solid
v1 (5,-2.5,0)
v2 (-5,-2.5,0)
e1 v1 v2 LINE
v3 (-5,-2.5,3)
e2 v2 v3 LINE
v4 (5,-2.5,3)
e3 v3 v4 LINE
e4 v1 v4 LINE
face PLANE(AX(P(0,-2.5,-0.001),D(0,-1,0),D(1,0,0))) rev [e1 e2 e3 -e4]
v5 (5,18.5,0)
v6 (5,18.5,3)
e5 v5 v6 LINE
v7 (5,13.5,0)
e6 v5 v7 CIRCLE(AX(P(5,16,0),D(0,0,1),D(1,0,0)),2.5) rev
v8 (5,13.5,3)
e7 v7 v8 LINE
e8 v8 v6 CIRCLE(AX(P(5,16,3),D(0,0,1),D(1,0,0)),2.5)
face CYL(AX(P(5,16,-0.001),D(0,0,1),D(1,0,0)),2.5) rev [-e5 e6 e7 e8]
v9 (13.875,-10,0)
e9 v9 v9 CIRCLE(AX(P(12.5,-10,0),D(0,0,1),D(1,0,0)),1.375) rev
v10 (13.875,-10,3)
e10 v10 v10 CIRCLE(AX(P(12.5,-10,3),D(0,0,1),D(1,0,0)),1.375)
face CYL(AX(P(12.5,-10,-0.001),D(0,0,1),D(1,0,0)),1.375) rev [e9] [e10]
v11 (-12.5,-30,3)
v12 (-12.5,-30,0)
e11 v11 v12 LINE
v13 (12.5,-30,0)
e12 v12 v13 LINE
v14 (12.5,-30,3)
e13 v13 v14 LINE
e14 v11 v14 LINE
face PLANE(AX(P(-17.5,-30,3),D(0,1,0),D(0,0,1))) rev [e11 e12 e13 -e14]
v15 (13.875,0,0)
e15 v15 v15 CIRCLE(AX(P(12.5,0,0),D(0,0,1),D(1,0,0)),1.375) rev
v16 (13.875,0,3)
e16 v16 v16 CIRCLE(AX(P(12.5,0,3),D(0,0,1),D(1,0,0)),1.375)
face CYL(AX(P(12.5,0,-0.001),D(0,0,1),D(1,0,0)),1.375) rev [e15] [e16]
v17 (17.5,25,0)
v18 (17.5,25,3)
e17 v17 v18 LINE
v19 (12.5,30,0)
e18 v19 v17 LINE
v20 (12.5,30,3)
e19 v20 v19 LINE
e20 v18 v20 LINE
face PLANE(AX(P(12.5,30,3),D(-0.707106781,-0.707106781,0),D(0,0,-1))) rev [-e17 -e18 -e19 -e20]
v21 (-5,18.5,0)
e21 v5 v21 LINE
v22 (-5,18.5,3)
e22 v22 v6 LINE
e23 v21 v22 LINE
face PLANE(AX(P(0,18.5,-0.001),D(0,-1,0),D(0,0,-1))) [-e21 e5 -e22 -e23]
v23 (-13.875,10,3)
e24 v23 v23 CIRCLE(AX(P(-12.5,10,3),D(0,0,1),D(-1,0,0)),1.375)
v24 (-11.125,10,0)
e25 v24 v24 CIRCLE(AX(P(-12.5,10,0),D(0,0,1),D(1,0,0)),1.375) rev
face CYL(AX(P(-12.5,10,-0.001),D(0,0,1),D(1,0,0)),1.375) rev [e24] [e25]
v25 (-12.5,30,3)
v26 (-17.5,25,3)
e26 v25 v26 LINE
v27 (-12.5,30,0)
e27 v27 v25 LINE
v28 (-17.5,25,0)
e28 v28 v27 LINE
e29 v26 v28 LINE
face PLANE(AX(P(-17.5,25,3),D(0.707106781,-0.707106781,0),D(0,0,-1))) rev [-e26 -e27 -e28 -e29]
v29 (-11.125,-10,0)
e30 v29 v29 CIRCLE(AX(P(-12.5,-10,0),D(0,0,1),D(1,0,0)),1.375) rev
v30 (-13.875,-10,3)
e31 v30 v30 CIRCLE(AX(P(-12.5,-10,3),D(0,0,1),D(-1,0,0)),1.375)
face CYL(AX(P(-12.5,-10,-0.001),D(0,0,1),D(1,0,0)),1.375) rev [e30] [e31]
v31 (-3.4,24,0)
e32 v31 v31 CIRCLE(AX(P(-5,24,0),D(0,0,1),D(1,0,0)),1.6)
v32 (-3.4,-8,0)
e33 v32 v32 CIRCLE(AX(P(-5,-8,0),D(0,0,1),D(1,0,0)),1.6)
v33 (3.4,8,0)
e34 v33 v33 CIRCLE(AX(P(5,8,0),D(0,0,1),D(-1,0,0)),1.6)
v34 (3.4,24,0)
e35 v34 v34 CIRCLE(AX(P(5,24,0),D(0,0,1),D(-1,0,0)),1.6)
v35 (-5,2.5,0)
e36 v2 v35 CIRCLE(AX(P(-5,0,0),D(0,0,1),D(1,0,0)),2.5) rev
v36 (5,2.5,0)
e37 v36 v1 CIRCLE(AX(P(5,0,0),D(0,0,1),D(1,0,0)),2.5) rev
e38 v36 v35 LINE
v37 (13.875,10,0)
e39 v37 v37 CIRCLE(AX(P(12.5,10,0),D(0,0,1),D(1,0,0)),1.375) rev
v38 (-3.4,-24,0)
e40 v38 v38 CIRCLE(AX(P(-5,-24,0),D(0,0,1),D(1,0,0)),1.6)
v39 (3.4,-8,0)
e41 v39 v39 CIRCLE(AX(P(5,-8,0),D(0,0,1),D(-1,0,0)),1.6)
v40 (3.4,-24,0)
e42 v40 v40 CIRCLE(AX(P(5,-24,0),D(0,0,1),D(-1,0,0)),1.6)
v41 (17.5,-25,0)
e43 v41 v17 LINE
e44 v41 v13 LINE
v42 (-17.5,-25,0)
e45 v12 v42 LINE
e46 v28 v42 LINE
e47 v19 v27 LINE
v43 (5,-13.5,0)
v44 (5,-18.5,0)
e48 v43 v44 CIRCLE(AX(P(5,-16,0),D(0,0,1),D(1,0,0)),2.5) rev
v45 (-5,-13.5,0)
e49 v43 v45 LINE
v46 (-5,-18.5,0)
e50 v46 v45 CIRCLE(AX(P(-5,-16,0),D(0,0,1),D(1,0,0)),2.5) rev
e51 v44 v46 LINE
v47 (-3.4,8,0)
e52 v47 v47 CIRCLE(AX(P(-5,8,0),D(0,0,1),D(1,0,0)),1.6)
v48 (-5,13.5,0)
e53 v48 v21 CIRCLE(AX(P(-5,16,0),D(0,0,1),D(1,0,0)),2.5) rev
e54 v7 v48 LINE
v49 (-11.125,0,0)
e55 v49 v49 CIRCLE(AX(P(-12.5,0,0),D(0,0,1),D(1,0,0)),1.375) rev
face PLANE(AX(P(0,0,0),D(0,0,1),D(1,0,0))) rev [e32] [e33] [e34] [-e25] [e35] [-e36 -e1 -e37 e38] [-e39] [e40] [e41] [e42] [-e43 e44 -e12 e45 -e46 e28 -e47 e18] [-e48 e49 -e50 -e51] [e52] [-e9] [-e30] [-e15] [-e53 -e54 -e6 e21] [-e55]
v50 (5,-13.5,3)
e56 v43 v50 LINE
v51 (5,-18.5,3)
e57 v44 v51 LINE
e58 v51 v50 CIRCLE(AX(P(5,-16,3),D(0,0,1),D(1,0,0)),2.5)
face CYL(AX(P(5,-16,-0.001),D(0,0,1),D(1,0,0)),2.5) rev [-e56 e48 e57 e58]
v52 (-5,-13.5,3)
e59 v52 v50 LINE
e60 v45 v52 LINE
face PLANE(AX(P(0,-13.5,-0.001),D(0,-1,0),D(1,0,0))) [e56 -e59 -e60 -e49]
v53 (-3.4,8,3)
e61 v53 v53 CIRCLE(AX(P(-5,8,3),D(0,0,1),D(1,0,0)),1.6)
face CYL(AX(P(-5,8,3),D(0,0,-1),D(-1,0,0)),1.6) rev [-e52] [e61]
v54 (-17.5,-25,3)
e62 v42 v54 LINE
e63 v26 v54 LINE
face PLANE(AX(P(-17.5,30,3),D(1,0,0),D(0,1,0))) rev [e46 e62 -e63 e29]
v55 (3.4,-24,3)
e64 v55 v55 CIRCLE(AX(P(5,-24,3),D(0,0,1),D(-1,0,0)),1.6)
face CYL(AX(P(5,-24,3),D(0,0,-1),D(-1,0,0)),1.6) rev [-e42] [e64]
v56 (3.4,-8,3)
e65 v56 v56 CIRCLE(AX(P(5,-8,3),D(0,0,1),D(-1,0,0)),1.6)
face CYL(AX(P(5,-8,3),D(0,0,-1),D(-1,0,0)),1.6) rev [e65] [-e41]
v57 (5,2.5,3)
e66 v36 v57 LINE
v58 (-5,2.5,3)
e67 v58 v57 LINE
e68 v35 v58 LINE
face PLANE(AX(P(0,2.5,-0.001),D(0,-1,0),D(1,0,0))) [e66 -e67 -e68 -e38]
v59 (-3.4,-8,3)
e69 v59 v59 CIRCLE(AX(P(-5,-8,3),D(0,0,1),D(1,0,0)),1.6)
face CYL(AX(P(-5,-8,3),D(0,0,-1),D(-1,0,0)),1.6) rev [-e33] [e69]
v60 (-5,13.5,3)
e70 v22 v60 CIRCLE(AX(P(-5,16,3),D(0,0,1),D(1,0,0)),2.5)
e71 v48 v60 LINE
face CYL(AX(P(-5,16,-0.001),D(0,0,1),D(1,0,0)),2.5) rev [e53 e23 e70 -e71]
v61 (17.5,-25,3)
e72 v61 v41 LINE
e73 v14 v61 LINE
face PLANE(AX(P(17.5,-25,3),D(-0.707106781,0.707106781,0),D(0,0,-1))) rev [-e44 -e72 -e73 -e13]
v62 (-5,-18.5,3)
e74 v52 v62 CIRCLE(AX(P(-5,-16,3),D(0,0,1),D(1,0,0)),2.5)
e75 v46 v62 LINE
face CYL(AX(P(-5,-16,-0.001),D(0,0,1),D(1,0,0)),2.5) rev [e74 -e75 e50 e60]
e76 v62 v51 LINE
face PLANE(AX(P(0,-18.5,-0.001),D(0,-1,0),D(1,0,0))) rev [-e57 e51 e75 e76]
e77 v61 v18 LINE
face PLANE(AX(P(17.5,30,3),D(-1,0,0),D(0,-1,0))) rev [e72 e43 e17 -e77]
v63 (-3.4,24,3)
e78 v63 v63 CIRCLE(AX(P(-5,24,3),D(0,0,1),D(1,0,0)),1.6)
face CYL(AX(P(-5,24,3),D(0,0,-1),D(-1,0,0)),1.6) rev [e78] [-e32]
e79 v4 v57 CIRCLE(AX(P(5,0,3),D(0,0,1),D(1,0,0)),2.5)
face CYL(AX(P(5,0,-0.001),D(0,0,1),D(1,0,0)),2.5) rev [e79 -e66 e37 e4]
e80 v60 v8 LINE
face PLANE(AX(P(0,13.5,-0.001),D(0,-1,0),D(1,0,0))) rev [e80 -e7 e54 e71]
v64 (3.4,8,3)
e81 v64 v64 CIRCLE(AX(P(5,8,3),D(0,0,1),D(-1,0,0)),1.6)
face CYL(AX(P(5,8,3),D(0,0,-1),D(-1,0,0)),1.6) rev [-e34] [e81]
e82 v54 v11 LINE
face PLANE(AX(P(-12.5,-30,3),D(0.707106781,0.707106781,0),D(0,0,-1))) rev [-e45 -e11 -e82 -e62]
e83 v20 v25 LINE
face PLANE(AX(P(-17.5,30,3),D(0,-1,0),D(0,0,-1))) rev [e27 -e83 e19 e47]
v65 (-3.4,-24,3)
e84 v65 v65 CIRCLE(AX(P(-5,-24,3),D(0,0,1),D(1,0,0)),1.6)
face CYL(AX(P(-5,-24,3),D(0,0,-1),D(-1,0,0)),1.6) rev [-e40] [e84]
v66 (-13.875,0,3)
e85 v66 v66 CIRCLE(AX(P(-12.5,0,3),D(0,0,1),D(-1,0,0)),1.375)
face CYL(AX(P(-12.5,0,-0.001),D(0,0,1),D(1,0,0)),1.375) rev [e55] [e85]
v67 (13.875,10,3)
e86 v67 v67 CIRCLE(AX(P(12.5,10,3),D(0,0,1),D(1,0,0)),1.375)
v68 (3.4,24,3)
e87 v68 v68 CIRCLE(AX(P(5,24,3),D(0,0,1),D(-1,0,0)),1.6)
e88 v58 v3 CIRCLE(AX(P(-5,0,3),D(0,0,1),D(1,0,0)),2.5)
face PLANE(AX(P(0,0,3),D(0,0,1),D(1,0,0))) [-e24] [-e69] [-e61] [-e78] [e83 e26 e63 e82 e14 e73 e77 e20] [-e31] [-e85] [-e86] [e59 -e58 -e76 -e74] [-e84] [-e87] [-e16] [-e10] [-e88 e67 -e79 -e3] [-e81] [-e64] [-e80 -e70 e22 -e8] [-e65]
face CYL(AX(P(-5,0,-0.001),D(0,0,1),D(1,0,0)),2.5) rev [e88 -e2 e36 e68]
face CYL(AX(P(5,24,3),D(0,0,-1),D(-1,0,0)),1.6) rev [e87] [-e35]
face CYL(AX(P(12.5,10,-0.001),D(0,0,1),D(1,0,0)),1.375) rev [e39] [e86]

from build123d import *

# Parameters (mm, degrees)
SKETCH_1_W          = 35
SKETCH_1_H          = 60
SKETCH_1_R          = 1.6
EXTRUDE_1_DEPTH     = 3
CUT_EXTRUDE_1_REACH = 5
SKETCH_2_R          = 1.375
CHAMFER_1_SIZE      = 5
CUT_EXTRUDE_2_REACH = 5


with BuildPart() as part:
    # 草图1 → 凸台-拉伸1 (new body)
    with BuildSketch(Plane.XY):
        Rectangle(SKETCH_1_W, SKETCH_1_H)
        with Locations((-5, 8)):
            Circle(SKETCH_1_R, mode=Mode.SUBTRACT)
        with Locations((5, 8)):
            Circle(SKETCH_1_R, mode=Mode.SUBTRACT)
        with Locations((-5, 24)):
            Circle(SKETCH_1_R, mode=Mode.SUBTRACT)
        with Locations((5, 24)):
            Circle(SKETCH_1_R, mode=Mode.SUBTRACT)
        with Locations((-5, -8)):
            Circle(SKETCH_1_R, mode=Mode.SUBTRACT)
        with Locations((5, -8)):
            Circle(SKETCH_1_R, mode=Mode.SUBTRACT)
        with Locations((-5, -24)):
            Circle(SKETCH_1_R, mode=Mode.SUBTRACT)
        with Locations((5, -24)):
            Circle(SKETCH_1_R, mode=Mode.SUBTRACT)
    extrude(amount=EXTRUDE_1_DEPTH)

    # 草图2 → 切除-拉伸1 (cut, up to next)
    with BuildSketch(Plane.XY.offset(3), mode=Mode.PRIVATE) as cut_extrude_1_sk1:
        with Locations((12.5, 0)):
            Circle(SKETCH_2_R)
    cut_extrude_1_tool1 = extrude(cut_extrude_1_sk1.sketch, amount=-CUT_EXTRUDE_1_REACH, mode=Mode.PRIVATE) & part.part
    add(cut_extrude_1_tool1.solids().sort_by_distance((12.5, 0, 3))[0], mode=Mode.SUBTRACT)
    # 草图2 → 切除-拉伸1 (cut, up to next)
    with BuildSketch(Plane.XY.offset(3), mode=Mode.PRIVATE) as cut_extrude_1_sk2:
        with Locations((-12.5, 0)):
            Circle(SKETCH_2_R)
    cut_extrude_1_tool2 = extrude(cut_extrude_1_sk2.sketch, amount=-CUT_EXTRUDE_1_REACH, mode=Mode.PRIVATE) & part.part
    add(cut_extrude_1_tool2.solids().sort_by_distance((-12.5, 0, 3))[0], mode=Mode.SUBTRACT)
    # 草图2 → 切除-拉伸1 (cut, up to next)
    with BuildSketch(Plane.XY.offset(3), mode=Mode.PRIVATE) as cut_extrude_1_sk3:
        with Locations((-12.5, 10)):
            Circle(SKETCH_2_R)
    cut_extrude_1_tool3 = extrude(cut_extrude_1_sk3.sketch, amount=-CUT_EXTRUDE_1_REACH, mode=Mode.PRIVATE) & part.part
    add(cut_extrude_1_tool3.solids().sort_by_distance((-12.5, 10, 3))[0], mode=Mode.SUBTRACT)
    # 草图2 → 切除-拉伸1 (cut, up to next)
    with BuildSketch(Plane.XY.offset(3), mode=Mode.PRIVATE) as cut_extrude_1_sk4:
        with Locations((12.5, 10)):
            Circle(SKETCH_2_R)
    cut_extrude_1_tool4 = extrude(cut_extrude_1_sk4.sketch, amount=-CUT_EXTRUDE_1_REACH, mode=Mode.PRIVATE) & part.part
    add(cut_extrude_1_tool4.solids().sort_by_distance((12.5, 10, 3))[0], mode=Mode.SUBTRACT)
    # 草图2 → 切除-拉伸1 (cut, up to next)
    with BuildSketch(Plane.XY.offset(3), mode=Mode.PRIVATE) as cut_extrude_1_sk5:
        with Locations((-12.5, -10)):
            Circle(SKETCH_2_R)
    cut_extrude_1_tool5 = extrude(cut_extrude_1_sk5.sketch, amount=-CUT_EXTRUDE_1_REACH, mode=Mode.PRIVATE) & part.part
    add(cut_extrude_1_tool5.solids().sort_by_distance((-12.5, -10, 3))[0], mode=Mode.SUBTRACT)
    # 草图2 → 切除-拉伸1 (cut, up to next)
    with BuildSketch(Plane.XY.offset(3), mode=Mode.PRIVATE) as cut_extrude_1_sk6:
        with Locations((12.5, -10)):
            Circle(SKETCH_2_R)
    cut_extrude_1_tool6 = extrude(cut_extrude_1_sk6.sketch, amount=-CUT_EXTRUDE_1_REACH, mode=Mode.PRIVATE) & part.part
    add(cut_extrude_1_tool6.solids().sort_by_distance((12.5, -10, 3))[0], mode=Mode.SUBTRACT)

    # 倒角1
    chamfer_1_edges = [part.edges().sort_by_distance(p)[0] for p in [
        (17.5, -30, 1.5),
        (-17.5, -30, 1.5),
        (-17.5, 30, 1.5),
        (17.5, 30, 1.5),
    ]]
    chamfer(chamfer_1_edges, length=CHAMFER_1_SIZE)

    # 草图3 → 切除-拉伸2 (cut, up to next)
    with BuildSketch(Plane.XY.offset(3), mode=Mode.PRIVATE) as cut_extrude_2_sk1:
        with BuildLine():
            Line((-5, -2.5), (5, -2.5))
            ThreePointArc((5, -2.5), (7.5, 0), (5, 2.5))
            Line((5, 2.5), (-5, 2.5))
            ThreePointArc((-5, 2.5), (-7.5, 0), (-5, -2.5))
        make_face()
    cut_extrude_2_tool1 = extrude(cut_extrude_2_sk1.sketch, amount=-CUT_EXTRUDE_2_REACH, mode=Mode.PRIVATE) & part.part
    add(cut_extrude_2_tool1.solids().sort_by_distance((0, 0, 3))[0], mode=Mode.SUBTRACT)
    # 草图3 → 切除-拉伸2 (cut, up to next)
    with BuildSketch(Plane.XY.offset(3), mode=Mode.PRIVATE) as cut_extrude_2_sk2:
        with BuildLine():
            Line((-5, 13.5), (5, 13.5))
            ThreePointArc((5, 13.5), (7.5, 16), (5, 18.5))
            Line((5, 18.5), (-5, 18.5))
            ThreePointArc((-5, 18.5), (-7.5, 16), (-5, 13.5))
        make_face()
    cut_extrude_2_tool2 = extrude(cut_extrude_2_sk2.sketch, amount=-CUT_EXTRUDE_2_REACH, mode=Mode.PRIVATE) & part.part
    add(cut_extrude_2_tool2.solids().sort_by_distance((0, 16, 3))[0], mode=Mode.SUBTRACT)
    # 草图3 → 切除-拉伸2 (cut, up to next)
    with BuildSketch(Plane.XY.offset(3), mode=Mode.PRIVATE) as cut_extrude_2_sk3:
        with BuildLine():
            Line((-5, -18.5), (5, -18.5))
            ThreePointArc((5, -18.5), (7.5, -16), (5, -13.5))
            Line((5, -13.5), (-5, -13.5))
            ThreePointArc((-5, -13.5), (-7.5, -16), (-5, -18.5))
        make_face()
    cut_extrude_2_tool3 = extrude(cut_extrude_2_sk3.sketch, amount=-CUT_EXTRUDE_2_REACH, mode=Mode.PRIVATE) & part.part
    add(cut_extrude_2_tool3.solids().sort_by_distance((0, -16, 3))[0], mode=Mode.SUBTRACT)


solid = part.part
